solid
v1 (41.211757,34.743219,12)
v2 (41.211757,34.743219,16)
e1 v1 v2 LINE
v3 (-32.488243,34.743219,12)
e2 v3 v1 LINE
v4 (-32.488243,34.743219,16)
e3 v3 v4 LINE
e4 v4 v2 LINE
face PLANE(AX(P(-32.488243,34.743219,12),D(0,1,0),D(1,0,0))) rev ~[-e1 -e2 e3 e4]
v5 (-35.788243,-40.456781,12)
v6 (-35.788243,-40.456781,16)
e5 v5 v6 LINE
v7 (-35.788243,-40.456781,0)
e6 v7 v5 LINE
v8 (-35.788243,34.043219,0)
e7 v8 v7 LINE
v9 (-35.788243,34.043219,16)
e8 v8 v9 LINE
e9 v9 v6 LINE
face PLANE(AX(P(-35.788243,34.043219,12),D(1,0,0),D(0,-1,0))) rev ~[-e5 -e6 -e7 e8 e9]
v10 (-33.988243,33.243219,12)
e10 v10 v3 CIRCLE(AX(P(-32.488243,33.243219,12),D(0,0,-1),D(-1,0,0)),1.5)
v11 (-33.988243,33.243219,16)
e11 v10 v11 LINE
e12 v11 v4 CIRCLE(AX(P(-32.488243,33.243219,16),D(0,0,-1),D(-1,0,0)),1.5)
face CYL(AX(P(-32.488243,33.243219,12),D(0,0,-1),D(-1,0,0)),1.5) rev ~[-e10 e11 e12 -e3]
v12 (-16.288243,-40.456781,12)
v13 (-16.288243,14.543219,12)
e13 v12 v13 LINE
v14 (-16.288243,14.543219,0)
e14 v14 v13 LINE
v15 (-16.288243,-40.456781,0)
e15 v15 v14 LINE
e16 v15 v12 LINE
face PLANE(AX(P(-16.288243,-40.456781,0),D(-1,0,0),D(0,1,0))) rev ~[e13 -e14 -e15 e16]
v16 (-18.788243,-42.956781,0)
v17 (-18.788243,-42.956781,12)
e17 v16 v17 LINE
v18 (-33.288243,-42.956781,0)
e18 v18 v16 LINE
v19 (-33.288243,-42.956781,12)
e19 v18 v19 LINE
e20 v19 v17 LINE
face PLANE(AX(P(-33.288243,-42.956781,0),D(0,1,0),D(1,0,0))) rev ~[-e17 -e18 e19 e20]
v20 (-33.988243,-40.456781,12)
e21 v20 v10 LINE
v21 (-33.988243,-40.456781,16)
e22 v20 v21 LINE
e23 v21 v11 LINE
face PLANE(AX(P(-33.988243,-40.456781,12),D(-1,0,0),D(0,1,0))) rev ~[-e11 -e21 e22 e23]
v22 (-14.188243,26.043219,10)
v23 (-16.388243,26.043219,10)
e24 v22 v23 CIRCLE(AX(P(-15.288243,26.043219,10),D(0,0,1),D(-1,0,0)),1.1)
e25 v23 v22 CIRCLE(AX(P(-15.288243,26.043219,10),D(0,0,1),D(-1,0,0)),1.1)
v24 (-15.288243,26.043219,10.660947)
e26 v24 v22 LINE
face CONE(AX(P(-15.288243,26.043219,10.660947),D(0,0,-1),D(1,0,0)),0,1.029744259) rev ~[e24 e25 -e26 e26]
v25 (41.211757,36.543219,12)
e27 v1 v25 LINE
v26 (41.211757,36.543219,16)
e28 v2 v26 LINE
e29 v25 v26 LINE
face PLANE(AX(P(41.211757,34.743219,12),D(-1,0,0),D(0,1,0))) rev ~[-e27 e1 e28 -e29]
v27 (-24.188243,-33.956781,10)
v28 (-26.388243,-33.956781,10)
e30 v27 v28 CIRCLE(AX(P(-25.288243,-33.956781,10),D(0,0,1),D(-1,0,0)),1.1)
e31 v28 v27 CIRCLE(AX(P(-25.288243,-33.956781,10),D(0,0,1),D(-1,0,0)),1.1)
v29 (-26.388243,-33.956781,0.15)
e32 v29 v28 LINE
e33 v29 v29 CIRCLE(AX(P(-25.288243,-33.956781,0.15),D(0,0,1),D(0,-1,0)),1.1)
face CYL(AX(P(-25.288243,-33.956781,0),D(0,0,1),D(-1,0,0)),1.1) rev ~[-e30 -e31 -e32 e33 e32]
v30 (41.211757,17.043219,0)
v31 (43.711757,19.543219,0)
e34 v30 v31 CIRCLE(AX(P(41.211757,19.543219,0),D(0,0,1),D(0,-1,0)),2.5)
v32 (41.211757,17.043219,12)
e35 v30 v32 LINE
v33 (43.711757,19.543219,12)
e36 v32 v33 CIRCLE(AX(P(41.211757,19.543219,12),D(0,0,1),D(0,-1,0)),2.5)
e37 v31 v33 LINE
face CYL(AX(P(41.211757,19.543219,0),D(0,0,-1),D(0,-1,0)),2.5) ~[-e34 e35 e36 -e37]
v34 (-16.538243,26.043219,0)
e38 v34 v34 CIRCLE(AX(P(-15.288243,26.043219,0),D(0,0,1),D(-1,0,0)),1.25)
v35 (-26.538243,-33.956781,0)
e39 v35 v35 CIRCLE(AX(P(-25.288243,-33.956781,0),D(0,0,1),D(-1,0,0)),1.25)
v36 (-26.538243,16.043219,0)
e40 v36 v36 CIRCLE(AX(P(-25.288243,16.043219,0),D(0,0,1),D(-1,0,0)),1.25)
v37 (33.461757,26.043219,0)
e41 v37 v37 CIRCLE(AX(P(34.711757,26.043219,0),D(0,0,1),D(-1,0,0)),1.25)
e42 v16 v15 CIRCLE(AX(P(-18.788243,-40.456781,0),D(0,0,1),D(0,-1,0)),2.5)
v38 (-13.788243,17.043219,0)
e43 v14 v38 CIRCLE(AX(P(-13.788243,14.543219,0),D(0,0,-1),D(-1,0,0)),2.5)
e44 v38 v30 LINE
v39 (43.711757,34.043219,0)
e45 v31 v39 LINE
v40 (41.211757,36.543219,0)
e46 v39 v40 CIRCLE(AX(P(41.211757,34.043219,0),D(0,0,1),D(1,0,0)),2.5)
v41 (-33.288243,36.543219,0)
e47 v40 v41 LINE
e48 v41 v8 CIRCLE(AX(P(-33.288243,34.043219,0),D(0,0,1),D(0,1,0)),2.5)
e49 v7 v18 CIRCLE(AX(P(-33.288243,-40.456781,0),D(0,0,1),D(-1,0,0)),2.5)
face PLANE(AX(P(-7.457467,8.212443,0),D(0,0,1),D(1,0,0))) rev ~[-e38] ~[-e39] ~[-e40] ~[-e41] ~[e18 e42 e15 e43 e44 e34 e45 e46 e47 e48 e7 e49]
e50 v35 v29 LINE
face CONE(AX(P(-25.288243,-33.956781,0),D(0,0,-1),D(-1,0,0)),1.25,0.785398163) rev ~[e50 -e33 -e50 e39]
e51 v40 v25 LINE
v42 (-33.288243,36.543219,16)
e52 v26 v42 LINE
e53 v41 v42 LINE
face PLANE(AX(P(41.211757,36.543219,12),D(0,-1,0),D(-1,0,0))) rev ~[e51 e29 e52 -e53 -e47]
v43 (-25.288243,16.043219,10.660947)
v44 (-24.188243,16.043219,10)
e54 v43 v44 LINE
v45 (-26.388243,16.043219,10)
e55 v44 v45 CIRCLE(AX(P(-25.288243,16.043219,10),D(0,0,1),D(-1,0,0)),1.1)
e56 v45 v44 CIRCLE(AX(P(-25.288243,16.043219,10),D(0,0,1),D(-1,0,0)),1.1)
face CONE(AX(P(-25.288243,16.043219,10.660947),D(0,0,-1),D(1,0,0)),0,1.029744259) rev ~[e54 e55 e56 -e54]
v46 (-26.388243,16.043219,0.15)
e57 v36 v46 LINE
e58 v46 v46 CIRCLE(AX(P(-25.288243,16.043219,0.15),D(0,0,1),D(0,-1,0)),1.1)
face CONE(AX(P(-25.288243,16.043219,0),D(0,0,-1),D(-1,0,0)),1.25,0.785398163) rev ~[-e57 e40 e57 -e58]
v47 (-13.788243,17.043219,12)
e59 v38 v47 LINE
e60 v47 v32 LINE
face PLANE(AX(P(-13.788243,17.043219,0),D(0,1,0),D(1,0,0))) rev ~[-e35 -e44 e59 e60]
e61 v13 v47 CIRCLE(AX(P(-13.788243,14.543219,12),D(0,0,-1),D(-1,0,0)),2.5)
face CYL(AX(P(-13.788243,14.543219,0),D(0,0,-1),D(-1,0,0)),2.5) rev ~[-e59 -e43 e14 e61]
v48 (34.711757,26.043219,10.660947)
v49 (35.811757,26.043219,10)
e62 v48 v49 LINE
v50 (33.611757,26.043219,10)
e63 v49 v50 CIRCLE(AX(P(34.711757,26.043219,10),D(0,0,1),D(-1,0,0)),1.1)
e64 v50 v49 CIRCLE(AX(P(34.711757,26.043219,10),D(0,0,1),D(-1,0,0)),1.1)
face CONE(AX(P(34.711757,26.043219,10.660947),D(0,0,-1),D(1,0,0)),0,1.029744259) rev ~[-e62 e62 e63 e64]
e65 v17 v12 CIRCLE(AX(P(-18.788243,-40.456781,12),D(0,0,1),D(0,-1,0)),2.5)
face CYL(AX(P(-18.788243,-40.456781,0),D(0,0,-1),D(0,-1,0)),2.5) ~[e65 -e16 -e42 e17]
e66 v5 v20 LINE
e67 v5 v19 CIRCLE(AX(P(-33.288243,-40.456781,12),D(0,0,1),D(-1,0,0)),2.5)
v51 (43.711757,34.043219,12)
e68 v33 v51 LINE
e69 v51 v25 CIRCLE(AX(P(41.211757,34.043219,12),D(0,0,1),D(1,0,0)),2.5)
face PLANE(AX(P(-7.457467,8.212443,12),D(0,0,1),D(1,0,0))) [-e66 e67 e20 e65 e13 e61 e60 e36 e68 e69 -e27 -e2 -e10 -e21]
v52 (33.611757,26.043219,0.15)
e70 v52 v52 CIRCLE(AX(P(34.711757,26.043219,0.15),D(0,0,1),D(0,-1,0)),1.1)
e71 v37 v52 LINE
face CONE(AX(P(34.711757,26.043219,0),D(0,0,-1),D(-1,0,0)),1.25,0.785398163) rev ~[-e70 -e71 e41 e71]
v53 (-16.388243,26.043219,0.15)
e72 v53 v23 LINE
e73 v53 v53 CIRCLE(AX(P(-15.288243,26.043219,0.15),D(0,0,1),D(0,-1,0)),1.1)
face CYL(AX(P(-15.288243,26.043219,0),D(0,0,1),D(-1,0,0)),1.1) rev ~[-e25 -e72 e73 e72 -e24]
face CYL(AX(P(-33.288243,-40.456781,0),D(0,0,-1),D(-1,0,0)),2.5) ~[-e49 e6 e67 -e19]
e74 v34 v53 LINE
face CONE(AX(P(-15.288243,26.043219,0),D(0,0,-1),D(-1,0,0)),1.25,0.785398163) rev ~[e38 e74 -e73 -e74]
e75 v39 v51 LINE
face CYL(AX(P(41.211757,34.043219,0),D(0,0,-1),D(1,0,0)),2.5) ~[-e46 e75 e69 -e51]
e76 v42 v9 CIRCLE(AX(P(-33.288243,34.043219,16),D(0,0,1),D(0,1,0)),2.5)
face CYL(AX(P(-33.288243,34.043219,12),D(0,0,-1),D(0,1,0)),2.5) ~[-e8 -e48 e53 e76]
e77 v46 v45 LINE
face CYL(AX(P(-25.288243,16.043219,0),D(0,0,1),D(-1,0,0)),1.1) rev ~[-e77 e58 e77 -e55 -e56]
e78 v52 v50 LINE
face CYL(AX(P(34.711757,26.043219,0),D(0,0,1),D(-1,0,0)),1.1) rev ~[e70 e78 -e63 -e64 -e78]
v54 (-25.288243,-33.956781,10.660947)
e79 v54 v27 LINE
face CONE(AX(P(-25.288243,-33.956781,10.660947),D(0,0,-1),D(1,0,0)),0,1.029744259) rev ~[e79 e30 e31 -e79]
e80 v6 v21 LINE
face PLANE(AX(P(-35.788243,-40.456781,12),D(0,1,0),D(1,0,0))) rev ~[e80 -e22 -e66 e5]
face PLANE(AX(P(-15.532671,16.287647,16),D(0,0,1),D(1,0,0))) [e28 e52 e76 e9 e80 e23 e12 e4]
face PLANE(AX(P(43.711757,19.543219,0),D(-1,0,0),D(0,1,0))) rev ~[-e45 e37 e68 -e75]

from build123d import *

# Parameters (mm, degrees)
F1_DEPTH       = 12
F3_DEPTH       = 4
F5_D           = 2.2
F5_DEPTH       = 10
F5_CSINK_D     = 2.5
F5_CSINK_ANGLE = 90
F5_TIP         = 0.6609466809
F6_D           = 2.2
F6_DEPTH       = 10
F6_CSINK_D     = 2.5
F6_CSINK_ANGLE = 90
F6_TIP         = 0.6609466809
F7_D           = 2.2
F7_DEPTH       = 10
F7_CSINK_D     = 2.5
F7_CSINK_ANGLE = 90
F7_TIP         = 0.6609466809
F8_D           = 2.2
F8_DEPTH       = 10
F8_CSINK_D     = 2.5
F8_CSINK_ANGLE = 90
F8_TIP         = 0.6609466809


with BuildPart() as f1:
    # F0 (on Top) → F1 (new body)
    with BuildSketch(Plane.XY):
        with BuildLine():
            Line((41.2117568254, 36.543219165), (-33.2882431746, 36.543219165))
            ThreePointArc((-33.2882431746, 36.543219165), (-35.0560101275, 35.810986118), (-35.7882431746, 34.043219165))
            Line((-35.7882431746, 34.043219165), (-35.7882431746, -40.456780835))
            ThreePointArc((-35.7882431746, -40.456780835), (-35.0560101275, -42.2245477879), (-33.2882431746, -42.956780835))
            Line((-33.2882431746, -42.956780835), (-18.7882431746, -42.956780835))
            ThreePointArc((-18.7882431746, -42.956780835), (-17.0204762216, -42.2245477879), (-16.2882431746, -40.456780835))
            Line((-16.2882431746, -40.456780835), (-16.2882431746, 14.543219165))
            ThreePointArc((-16.2882431746, 14.543219165), (-15.5560101275, 16.310986118), (-13.7882431746, 17.043219165))
            Line((-13.7882431746, 17.043219165), (41.2117568254, 17.043219165))
            ThreePointArc((41.2117568254, 17.043219165), (42.9795237784, 17.7754522121), (43.7117568254, 19.543219165))
            Line((43.7117568254, 19.543219165), (43.7117568254, 34.043219165))
            ThreePointArc((43.7117568254, 34.043219165), (42.9795237784, 35.810986118), (41.2117568254, 36.543219165))
        make_face()
    extrude(amount=F1_DEPTH)

    # F2 (on face) → F3 (join)
    with BuildSketch(Plane.XY.offset(12)):
        with BuildLine():
            ThreePointArc((-33.9882431746, 33.243219165), (-33.5489033463, 34.3038793368), (-32.4882431746, 34.743219165))
            Line((-32.4882431746, 34.743219165), (41.2117568254, 34.743219165))
            Line((41.2117568254, 34.743219165), (41.2117568254, 36.543219165))
            Line((41.2117568254, 36.543219165), (-33.2882431746, 36.543219165))
            ThreePointArc((-33.2882431746, 36.543219165), (-35.0560101275, 35.810986118), (-35.7882431746, 34.043219165))
            Line((-35.7882431746, 34.043219165), (-35.7882431746, -40.456780835))
            Line((-35.7882431746, -40.456780835), (-33.9882431746, -40.456780835))
            Line((-33.9882431746, -40.456780835), (-33.9882431746, 33.243219165))
        make_face()
    extrude(amount=F3_DEPTH)

    # F5
    with Locations(Plane(origin=(0, 0, 0), x_dir=(1, 0, 0), z_dir=(0, 0, -1))):
        with Locations((34.7117568254, -26.043219165)):
            CounterSinkHole(F5_D / 2, F5_CSINK_D / 2, depth=F5_DEPTH, counter_sink_angle=F5_CSINK_ANGLE)
            with Locations((0, 0, -(F5_DEPTH + F5_TIP / 2))):  # 118° drill point
                Cone(0, F5_D / 2, F5_TIP, mode=Mode.SUBTRACT)

    # F6
    with Locations(Plane(origin=(0, 0, 0), x_dir=(1, 0, 0), z_dir=(0, 0, -1))):
        with Locations((-15.2882431746, -26.043219165)):
            CounterSinkHole(F6_D / 2, F6_CSINK_D / 2, depth=F6_DEPTH, counter_sink_angle=F6_CSINK_ANGLE)
            with Locations((0, 0, -(F6_DEPTH + F6_TIP / 2))):  # 118° drill point
                Cone(0, F6_D / 2, F6_TIP, mode=Mode.SUBTRACT)

    # F7
    with Locations(Plane(origin=(0, 0, 0), x_dir=(1, 0, 0), z_dir=(0, 0, -1))):
        with Locations((-25.2882431746, -16.043219165)):
            CounterSinkHole(F7_D / 2, F7_CSINK_D / 2, depth=F7_DEPTH, counter_sink_angle=F7_CSINK_ANGLE)
            with Locations((0, 0, -(F7_DEPTH + F7_TIP / 2))):  # 118° drill point
                Cone(0, F7_D / 2, F7_TIP, mode=Mode.SUBTRACT)

    # F8
    with Locations(Plane(origin=(0, 0, 0), x_dir=(1, 0, 0), z_dir=(0, 0, -1))):
        with Locations((-25.2882431746, 33.956780835)):
            CounterSinkHole(F8_D / 2, F8_CSINK_D / 2, depth=F8_DEPTH, counter_sink_angle=F8_CSINK_ANGLE)
            with Locations((0, 0, -(F8_DEPTH + F8_TIP / 2))):  # 118° drill point
                Cone(0, F8_D / 2, F8_TIP, mode=Mode.SUBTRACT)


solid = f1.part
